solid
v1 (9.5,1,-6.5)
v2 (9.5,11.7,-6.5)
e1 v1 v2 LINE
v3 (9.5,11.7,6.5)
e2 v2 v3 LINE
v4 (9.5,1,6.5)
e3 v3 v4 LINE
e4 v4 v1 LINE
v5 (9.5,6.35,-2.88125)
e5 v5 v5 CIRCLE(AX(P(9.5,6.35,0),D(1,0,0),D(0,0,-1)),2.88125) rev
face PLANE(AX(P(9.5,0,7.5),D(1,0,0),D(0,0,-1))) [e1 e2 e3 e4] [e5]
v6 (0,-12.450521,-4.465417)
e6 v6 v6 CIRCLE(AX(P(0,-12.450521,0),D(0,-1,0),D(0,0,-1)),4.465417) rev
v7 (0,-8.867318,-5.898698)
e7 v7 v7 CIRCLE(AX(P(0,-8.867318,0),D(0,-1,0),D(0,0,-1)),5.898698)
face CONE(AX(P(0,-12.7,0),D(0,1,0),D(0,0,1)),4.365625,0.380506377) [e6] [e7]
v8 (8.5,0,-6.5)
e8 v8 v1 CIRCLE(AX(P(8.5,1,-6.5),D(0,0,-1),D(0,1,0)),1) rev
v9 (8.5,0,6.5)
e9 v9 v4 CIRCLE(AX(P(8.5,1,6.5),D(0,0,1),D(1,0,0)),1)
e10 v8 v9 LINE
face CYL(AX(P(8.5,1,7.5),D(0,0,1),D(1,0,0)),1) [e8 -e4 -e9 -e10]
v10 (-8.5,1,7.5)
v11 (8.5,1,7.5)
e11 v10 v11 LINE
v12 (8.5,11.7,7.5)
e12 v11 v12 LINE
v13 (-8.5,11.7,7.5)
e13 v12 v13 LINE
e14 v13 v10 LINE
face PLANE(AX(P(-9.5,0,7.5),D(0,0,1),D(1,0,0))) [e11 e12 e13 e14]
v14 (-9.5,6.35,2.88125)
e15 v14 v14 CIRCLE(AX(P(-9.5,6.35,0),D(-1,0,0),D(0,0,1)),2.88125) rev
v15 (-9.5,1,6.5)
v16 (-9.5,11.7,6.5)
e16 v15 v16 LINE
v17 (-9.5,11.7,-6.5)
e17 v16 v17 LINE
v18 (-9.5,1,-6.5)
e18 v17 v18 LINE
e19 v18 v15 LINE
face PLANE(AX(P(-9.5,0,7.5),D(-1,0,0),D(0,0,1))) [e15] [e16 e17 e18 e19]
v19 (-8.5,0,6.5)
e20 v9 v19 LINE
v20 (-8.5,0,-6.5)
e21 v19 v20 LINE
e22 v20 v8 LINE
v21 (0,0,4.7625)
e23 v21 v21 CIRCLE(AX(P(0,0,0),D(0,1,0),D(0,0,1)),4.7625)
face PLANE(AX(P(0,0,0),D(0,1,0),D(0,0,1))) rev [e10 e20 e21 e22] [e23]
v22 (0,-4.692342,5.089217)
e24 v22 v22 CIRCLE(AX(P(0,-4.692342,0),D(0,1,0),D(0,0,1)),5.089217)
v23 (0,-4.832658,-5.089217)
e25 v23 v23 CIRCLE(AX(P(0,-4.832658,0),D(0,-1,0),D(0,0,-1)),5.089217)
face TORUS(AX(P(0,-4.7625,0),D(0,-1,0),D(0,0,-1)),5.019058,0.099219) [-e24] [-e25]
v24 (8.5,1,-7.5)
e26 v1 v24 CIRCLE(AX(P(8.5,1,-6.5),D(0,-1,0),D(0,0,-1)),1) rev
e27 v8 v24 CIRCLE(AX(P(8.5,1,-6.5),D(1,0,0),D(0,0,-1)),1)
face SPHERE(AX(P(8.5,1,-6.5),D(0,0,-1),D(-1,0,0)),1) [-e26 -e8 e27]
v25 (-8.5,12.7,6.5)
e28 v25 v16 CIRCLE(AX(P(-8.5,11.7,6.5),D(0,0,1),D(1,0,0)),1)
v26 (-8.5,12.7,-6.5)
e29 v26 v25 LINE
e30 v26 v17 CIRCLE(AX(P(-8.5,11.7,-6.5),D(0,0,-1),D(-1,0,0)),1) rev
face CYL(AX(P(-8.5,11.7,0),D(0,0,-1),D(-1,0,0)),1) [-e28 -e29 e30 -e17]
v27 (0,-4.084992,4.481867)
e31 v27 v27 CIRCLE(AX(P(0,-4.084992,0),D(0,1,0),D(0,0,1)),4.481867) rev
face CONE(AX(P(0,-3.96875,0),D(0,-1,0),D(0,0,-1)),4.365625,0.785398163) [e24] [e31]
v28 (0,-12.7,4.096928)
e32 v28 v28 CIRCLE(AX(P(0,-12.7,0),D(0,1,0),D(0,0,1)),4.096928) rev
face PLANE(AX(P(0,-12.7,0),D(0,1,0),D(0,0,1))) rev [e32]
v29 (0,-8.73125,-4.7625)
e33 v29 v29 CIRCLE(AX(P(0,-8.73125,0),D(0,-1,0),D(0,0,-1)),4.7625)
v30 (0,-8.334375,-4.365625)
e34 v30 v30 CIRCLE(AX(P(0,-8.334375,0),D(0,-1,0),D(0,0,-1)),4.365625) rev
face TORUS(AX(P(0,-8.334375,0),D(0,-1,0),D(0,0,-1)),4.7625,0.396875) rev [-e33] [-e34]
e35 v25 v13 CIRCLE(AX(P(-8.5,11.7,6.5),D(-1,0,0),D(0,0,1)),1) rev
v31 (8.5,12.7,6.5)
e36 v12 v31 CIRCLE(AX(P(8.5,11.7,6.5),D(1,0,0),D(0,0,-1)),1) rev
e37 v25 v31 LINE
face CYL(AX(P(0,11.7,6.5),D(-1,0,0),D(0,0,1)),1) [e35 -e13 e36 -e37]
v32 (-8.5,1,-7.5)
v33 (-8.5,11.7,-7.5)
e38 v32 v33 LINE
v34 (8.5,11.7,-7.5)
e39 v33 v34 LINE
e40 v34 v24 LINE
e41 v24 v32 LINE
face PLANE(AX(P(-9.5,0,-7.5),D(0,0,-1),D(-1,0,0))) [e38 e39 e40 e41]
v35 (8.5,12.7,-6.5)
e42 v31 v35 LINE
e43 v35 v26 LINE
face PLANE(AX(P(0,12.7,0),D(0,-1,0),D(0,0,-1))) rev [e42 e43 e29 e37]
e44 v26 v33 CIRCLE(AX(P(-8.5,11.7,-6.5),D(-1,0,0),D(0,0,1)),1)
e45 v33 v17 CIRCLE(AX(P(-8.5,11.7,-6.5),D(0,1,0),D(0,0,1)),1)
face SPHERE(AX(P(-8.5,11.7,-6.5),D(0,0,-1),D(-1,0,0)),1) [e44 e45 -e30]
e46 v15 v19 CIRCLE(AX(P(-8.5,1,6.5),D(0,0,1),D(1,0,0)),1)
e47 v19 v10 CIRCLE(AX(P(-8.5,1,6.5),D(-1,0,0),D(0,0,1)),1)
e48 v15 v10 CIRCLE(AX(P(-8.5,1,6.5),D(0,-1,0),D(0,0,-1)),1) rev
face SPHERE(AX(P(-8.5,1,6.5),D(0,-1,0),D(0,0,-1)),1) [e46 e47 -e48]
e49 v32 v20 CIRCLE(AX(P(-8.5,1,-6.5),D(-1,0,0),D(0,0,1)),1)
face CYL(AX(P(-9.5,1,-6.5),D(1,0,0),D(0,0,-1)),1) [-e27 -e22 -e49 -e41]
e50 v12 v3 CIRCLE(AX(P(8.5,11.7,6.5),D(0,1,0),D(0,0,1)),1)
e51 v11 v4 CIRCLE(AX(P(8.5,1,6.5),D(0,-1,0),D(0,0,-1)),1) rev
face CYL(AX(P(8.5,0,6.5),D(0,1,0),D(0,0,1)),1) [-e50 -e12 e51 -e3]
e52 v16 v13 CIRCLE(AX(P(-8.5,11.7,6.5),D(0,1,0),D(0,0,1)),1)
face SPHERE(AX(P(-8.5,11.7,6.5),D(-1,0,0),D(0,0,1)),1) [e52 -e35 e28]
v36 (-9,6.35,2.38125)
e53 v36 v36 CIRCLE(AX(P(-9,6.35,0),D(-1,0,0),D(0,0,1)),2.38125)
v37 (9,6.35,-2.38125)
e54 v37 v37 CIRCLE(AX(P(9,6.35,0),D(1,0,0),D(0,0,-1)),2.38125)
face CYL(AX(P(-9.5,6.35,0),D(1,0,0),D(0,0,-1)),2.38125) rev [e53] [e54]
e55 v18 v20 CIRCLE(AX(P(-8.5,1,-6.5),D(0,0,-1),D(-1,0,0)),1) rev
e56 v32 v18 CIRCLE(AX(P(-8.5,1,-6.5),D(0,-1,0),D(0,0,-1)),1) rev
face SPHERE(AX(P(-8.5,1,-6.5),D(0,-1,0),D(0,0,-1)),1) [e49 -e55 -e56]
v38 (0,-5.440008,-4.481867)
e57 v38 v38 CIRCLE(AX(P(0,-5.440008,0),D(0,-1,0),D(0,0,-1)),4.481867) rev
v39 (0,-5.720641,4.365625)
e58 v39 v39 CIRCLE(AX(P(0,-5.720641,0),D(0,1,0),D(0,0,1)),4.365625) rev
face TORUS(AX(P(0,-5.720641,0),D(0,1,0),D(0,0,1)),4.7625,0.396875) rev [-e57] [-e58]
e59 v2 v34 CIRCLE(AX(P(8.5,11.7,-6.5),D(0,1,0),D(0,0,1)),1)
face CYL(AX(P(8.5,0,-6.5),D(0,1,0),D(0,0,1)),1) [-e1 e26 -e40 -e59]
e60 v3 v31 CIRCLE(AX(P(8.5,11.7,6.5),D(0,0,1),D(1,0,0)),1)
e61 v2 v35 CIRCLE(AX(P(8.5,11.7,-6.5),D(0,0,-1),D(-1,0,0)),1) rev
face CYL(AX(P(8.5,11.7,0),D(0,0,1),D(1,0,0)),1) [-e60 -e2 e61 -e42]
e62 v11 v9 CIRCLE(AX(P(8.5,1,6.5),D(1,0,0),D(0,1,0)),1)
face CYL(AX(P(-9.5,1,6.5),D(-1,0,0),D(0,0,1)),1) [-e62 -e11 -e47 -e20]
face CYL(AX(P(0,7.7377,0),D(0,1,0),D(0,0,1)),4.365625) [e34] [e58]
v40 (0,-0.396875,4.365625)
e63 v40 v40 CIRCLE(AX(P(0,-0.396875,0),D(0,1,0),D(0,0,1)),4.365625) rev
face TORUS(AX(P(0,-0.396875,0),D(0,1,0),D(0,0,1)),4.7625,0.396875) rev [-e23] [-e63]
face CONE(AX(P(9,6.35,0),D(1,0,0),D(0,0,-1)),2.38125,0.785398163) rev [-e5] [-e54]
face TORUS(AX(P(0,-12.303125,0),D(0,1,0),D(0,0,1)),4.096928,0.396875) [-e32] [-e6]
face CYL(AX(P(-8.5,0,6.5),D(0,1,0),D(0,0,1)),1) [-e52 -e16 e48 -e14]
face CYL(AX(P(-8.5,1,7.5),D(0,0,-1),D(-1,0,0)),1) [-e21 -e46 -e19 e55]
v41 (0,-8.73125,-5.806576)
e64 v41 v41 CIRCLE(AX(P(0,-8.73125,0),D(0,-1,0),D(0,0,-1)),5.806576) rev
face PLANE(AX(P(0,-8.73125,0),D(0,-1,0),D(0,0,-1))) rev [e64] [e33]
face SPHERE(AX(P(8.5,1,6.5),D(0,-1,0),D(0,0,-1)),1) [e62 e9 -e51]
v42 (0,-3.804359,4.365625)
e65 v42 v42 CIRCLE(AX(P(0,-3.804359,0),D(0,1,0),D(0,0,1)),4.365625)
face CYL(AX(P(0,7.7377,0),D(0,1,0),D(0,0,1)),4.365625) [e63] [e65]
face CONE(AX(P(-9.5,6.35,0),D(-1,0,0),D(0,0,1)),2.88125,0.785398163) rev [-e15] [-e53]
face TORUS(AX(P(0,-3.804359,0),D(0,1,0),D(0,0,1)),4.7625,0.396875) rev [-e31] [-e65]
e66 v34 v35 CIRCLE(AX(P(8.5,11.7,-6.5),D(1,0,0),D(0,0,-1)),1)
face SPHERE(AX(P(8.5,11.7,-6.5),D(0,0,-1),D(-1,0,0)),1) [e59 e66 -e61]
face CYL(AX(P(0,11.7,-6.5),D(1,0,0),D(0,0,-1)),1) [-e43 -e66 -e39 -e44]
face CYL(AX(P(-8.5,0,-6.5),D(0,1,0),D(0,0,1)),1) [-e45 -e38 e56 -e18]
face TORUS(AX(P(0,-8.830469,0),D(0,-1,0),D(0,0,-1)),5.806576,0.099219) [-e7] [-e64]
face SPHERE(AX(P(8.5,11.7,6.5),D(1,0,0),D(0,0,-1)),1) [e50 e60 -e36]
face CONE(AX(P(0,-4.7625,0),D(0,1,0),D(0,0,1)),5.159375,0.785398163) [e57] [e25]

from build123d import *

# Parameters (mm, degrees)
SKETCH4_W               = 19
SKETCH4_H               = 15
BOSS_EXTRUDE1_DEPTH     = 12.7
CUT_EXTRUDE1_DEPTH      = 18.543944824
CUT_EXTRUDE1_DEPTH_BACK = 18.543944824
SKETCH2_R               = 2.38125
FILLET3_R               = 0.396875
FILLET4_R               = 0.09921875
CHAMFER1_SIZE           = 0.5
FILLET5_R               = 1


with BuildPart() as part:
    # Sketch1 → Revolve1 (revolve)
    with BuildSketch(Plane.XY, mode=Mode.PRIVATE) as revolve1_sk:
        Polygon((4.365625, -3.96875), (5.159375, -4.7625), (4.365625, -5.55625), (4.365625, -8.73125), (5.953125, -8.73125), (4.365625, -12.7), (0, -12.7), (0, 12.7), (5.3975, 12.7), (5.3975, 8.73125), (3.81, 8.73125), (3.81, 3.96875), (5.3975, 3.96875), (5.3975, 0), (4.365625, 0), align=None)
    revolve(revolve1_sk.sketch.rotate(Axis((0, 7.737700229, 0), (0, -1, 0)), 90), axis=Axis((0, 7.737700229, 0), (0, -1, 0)))

    # Sketch4 → Boss-Extrude1 (add)
    with BuildSketch(Plane(origin=(0, 12.7, 0), x_dir=(1, 0, 0), z_dir=(0, 1, 0))):
        Rectangle(SKETCH4_W, SKETCH4_H)
    extrude(amount=-BOSS_EXTRUDE1_DEPTH)

    # Sketch2 → Cut-Extrude1 (cut, two sides: drawn at the far end of the back side and taken through both)
    with BuildSketch(Plane(origin=(0, 0, 0), x_dir=(0, 0, -1), z_dir=(1, 0, 0)).offset(-CUT_EXTRUDE1_DEPTH_BACK)):
        with Locations((0, 6.35)):
            Circle(SKETCH2_R)
    extrude(amount=CUT_EXTRUDE1_DEPTH + CUT_EXTRUDE1_DEPTH_BACK, mode=Mode.SUBTRACT)

    # Fillet3
    fillet3_edges = [part.edges().sort_by_distance(p)[0] for p in [
        (0, -5.55625, -4.365625),
        (0, -8.73125, -4.365625),
        (0, -12.7, -4.365625),
        (0, 0, -4.365625),
        (0, -3.96875, -4.365625),
    ]]
    fillet(fillet3_edges, radius=FILLET3_R)

    # Fillet4
    fillet4_edges = [part.edges().sort_by_distance(p)[0] for p in [
        (0, -4.7625, -5.159375),
        (0, -8.73125, -5.953125),
    ]]
    fillet(fillet4_edges, radius=FILLET4_R)

    # Chamfer1
    chamfer1_edges = [part.edges().sort_by_distance(p)[0] for p in [
        (-9.5, 6.35, 2.38125),
        (9.5, 6.35, 2.38125),
    ]]
    chamfer(chamfer1_edges, length=CHAMFER1_SIZE)

    # Fillet5
    fillet5_edges = [part.edges().sort_by_distance(p)[0] for p in [
        (9.5, 0, 0),
        (9.5, 6.35, -7.5),
        (0, 0, 7.5),
        (9.5, 6.35, 7.5),
        (-9.5, 0, 0),
        (-9.5, 6.35, 7.5),
        (0, 0, -7.5),
        (-9.5, 6.35, -7.5),
        (9.5, 12.7, 0),
        (0, 12.7, -7.5),
        (-9.5, 12.7, 0),
        (0, 12.7, 7.5),
    ]]
    fillet(fillet5_edges, radius=FILLET5_R)


solid = part.part
